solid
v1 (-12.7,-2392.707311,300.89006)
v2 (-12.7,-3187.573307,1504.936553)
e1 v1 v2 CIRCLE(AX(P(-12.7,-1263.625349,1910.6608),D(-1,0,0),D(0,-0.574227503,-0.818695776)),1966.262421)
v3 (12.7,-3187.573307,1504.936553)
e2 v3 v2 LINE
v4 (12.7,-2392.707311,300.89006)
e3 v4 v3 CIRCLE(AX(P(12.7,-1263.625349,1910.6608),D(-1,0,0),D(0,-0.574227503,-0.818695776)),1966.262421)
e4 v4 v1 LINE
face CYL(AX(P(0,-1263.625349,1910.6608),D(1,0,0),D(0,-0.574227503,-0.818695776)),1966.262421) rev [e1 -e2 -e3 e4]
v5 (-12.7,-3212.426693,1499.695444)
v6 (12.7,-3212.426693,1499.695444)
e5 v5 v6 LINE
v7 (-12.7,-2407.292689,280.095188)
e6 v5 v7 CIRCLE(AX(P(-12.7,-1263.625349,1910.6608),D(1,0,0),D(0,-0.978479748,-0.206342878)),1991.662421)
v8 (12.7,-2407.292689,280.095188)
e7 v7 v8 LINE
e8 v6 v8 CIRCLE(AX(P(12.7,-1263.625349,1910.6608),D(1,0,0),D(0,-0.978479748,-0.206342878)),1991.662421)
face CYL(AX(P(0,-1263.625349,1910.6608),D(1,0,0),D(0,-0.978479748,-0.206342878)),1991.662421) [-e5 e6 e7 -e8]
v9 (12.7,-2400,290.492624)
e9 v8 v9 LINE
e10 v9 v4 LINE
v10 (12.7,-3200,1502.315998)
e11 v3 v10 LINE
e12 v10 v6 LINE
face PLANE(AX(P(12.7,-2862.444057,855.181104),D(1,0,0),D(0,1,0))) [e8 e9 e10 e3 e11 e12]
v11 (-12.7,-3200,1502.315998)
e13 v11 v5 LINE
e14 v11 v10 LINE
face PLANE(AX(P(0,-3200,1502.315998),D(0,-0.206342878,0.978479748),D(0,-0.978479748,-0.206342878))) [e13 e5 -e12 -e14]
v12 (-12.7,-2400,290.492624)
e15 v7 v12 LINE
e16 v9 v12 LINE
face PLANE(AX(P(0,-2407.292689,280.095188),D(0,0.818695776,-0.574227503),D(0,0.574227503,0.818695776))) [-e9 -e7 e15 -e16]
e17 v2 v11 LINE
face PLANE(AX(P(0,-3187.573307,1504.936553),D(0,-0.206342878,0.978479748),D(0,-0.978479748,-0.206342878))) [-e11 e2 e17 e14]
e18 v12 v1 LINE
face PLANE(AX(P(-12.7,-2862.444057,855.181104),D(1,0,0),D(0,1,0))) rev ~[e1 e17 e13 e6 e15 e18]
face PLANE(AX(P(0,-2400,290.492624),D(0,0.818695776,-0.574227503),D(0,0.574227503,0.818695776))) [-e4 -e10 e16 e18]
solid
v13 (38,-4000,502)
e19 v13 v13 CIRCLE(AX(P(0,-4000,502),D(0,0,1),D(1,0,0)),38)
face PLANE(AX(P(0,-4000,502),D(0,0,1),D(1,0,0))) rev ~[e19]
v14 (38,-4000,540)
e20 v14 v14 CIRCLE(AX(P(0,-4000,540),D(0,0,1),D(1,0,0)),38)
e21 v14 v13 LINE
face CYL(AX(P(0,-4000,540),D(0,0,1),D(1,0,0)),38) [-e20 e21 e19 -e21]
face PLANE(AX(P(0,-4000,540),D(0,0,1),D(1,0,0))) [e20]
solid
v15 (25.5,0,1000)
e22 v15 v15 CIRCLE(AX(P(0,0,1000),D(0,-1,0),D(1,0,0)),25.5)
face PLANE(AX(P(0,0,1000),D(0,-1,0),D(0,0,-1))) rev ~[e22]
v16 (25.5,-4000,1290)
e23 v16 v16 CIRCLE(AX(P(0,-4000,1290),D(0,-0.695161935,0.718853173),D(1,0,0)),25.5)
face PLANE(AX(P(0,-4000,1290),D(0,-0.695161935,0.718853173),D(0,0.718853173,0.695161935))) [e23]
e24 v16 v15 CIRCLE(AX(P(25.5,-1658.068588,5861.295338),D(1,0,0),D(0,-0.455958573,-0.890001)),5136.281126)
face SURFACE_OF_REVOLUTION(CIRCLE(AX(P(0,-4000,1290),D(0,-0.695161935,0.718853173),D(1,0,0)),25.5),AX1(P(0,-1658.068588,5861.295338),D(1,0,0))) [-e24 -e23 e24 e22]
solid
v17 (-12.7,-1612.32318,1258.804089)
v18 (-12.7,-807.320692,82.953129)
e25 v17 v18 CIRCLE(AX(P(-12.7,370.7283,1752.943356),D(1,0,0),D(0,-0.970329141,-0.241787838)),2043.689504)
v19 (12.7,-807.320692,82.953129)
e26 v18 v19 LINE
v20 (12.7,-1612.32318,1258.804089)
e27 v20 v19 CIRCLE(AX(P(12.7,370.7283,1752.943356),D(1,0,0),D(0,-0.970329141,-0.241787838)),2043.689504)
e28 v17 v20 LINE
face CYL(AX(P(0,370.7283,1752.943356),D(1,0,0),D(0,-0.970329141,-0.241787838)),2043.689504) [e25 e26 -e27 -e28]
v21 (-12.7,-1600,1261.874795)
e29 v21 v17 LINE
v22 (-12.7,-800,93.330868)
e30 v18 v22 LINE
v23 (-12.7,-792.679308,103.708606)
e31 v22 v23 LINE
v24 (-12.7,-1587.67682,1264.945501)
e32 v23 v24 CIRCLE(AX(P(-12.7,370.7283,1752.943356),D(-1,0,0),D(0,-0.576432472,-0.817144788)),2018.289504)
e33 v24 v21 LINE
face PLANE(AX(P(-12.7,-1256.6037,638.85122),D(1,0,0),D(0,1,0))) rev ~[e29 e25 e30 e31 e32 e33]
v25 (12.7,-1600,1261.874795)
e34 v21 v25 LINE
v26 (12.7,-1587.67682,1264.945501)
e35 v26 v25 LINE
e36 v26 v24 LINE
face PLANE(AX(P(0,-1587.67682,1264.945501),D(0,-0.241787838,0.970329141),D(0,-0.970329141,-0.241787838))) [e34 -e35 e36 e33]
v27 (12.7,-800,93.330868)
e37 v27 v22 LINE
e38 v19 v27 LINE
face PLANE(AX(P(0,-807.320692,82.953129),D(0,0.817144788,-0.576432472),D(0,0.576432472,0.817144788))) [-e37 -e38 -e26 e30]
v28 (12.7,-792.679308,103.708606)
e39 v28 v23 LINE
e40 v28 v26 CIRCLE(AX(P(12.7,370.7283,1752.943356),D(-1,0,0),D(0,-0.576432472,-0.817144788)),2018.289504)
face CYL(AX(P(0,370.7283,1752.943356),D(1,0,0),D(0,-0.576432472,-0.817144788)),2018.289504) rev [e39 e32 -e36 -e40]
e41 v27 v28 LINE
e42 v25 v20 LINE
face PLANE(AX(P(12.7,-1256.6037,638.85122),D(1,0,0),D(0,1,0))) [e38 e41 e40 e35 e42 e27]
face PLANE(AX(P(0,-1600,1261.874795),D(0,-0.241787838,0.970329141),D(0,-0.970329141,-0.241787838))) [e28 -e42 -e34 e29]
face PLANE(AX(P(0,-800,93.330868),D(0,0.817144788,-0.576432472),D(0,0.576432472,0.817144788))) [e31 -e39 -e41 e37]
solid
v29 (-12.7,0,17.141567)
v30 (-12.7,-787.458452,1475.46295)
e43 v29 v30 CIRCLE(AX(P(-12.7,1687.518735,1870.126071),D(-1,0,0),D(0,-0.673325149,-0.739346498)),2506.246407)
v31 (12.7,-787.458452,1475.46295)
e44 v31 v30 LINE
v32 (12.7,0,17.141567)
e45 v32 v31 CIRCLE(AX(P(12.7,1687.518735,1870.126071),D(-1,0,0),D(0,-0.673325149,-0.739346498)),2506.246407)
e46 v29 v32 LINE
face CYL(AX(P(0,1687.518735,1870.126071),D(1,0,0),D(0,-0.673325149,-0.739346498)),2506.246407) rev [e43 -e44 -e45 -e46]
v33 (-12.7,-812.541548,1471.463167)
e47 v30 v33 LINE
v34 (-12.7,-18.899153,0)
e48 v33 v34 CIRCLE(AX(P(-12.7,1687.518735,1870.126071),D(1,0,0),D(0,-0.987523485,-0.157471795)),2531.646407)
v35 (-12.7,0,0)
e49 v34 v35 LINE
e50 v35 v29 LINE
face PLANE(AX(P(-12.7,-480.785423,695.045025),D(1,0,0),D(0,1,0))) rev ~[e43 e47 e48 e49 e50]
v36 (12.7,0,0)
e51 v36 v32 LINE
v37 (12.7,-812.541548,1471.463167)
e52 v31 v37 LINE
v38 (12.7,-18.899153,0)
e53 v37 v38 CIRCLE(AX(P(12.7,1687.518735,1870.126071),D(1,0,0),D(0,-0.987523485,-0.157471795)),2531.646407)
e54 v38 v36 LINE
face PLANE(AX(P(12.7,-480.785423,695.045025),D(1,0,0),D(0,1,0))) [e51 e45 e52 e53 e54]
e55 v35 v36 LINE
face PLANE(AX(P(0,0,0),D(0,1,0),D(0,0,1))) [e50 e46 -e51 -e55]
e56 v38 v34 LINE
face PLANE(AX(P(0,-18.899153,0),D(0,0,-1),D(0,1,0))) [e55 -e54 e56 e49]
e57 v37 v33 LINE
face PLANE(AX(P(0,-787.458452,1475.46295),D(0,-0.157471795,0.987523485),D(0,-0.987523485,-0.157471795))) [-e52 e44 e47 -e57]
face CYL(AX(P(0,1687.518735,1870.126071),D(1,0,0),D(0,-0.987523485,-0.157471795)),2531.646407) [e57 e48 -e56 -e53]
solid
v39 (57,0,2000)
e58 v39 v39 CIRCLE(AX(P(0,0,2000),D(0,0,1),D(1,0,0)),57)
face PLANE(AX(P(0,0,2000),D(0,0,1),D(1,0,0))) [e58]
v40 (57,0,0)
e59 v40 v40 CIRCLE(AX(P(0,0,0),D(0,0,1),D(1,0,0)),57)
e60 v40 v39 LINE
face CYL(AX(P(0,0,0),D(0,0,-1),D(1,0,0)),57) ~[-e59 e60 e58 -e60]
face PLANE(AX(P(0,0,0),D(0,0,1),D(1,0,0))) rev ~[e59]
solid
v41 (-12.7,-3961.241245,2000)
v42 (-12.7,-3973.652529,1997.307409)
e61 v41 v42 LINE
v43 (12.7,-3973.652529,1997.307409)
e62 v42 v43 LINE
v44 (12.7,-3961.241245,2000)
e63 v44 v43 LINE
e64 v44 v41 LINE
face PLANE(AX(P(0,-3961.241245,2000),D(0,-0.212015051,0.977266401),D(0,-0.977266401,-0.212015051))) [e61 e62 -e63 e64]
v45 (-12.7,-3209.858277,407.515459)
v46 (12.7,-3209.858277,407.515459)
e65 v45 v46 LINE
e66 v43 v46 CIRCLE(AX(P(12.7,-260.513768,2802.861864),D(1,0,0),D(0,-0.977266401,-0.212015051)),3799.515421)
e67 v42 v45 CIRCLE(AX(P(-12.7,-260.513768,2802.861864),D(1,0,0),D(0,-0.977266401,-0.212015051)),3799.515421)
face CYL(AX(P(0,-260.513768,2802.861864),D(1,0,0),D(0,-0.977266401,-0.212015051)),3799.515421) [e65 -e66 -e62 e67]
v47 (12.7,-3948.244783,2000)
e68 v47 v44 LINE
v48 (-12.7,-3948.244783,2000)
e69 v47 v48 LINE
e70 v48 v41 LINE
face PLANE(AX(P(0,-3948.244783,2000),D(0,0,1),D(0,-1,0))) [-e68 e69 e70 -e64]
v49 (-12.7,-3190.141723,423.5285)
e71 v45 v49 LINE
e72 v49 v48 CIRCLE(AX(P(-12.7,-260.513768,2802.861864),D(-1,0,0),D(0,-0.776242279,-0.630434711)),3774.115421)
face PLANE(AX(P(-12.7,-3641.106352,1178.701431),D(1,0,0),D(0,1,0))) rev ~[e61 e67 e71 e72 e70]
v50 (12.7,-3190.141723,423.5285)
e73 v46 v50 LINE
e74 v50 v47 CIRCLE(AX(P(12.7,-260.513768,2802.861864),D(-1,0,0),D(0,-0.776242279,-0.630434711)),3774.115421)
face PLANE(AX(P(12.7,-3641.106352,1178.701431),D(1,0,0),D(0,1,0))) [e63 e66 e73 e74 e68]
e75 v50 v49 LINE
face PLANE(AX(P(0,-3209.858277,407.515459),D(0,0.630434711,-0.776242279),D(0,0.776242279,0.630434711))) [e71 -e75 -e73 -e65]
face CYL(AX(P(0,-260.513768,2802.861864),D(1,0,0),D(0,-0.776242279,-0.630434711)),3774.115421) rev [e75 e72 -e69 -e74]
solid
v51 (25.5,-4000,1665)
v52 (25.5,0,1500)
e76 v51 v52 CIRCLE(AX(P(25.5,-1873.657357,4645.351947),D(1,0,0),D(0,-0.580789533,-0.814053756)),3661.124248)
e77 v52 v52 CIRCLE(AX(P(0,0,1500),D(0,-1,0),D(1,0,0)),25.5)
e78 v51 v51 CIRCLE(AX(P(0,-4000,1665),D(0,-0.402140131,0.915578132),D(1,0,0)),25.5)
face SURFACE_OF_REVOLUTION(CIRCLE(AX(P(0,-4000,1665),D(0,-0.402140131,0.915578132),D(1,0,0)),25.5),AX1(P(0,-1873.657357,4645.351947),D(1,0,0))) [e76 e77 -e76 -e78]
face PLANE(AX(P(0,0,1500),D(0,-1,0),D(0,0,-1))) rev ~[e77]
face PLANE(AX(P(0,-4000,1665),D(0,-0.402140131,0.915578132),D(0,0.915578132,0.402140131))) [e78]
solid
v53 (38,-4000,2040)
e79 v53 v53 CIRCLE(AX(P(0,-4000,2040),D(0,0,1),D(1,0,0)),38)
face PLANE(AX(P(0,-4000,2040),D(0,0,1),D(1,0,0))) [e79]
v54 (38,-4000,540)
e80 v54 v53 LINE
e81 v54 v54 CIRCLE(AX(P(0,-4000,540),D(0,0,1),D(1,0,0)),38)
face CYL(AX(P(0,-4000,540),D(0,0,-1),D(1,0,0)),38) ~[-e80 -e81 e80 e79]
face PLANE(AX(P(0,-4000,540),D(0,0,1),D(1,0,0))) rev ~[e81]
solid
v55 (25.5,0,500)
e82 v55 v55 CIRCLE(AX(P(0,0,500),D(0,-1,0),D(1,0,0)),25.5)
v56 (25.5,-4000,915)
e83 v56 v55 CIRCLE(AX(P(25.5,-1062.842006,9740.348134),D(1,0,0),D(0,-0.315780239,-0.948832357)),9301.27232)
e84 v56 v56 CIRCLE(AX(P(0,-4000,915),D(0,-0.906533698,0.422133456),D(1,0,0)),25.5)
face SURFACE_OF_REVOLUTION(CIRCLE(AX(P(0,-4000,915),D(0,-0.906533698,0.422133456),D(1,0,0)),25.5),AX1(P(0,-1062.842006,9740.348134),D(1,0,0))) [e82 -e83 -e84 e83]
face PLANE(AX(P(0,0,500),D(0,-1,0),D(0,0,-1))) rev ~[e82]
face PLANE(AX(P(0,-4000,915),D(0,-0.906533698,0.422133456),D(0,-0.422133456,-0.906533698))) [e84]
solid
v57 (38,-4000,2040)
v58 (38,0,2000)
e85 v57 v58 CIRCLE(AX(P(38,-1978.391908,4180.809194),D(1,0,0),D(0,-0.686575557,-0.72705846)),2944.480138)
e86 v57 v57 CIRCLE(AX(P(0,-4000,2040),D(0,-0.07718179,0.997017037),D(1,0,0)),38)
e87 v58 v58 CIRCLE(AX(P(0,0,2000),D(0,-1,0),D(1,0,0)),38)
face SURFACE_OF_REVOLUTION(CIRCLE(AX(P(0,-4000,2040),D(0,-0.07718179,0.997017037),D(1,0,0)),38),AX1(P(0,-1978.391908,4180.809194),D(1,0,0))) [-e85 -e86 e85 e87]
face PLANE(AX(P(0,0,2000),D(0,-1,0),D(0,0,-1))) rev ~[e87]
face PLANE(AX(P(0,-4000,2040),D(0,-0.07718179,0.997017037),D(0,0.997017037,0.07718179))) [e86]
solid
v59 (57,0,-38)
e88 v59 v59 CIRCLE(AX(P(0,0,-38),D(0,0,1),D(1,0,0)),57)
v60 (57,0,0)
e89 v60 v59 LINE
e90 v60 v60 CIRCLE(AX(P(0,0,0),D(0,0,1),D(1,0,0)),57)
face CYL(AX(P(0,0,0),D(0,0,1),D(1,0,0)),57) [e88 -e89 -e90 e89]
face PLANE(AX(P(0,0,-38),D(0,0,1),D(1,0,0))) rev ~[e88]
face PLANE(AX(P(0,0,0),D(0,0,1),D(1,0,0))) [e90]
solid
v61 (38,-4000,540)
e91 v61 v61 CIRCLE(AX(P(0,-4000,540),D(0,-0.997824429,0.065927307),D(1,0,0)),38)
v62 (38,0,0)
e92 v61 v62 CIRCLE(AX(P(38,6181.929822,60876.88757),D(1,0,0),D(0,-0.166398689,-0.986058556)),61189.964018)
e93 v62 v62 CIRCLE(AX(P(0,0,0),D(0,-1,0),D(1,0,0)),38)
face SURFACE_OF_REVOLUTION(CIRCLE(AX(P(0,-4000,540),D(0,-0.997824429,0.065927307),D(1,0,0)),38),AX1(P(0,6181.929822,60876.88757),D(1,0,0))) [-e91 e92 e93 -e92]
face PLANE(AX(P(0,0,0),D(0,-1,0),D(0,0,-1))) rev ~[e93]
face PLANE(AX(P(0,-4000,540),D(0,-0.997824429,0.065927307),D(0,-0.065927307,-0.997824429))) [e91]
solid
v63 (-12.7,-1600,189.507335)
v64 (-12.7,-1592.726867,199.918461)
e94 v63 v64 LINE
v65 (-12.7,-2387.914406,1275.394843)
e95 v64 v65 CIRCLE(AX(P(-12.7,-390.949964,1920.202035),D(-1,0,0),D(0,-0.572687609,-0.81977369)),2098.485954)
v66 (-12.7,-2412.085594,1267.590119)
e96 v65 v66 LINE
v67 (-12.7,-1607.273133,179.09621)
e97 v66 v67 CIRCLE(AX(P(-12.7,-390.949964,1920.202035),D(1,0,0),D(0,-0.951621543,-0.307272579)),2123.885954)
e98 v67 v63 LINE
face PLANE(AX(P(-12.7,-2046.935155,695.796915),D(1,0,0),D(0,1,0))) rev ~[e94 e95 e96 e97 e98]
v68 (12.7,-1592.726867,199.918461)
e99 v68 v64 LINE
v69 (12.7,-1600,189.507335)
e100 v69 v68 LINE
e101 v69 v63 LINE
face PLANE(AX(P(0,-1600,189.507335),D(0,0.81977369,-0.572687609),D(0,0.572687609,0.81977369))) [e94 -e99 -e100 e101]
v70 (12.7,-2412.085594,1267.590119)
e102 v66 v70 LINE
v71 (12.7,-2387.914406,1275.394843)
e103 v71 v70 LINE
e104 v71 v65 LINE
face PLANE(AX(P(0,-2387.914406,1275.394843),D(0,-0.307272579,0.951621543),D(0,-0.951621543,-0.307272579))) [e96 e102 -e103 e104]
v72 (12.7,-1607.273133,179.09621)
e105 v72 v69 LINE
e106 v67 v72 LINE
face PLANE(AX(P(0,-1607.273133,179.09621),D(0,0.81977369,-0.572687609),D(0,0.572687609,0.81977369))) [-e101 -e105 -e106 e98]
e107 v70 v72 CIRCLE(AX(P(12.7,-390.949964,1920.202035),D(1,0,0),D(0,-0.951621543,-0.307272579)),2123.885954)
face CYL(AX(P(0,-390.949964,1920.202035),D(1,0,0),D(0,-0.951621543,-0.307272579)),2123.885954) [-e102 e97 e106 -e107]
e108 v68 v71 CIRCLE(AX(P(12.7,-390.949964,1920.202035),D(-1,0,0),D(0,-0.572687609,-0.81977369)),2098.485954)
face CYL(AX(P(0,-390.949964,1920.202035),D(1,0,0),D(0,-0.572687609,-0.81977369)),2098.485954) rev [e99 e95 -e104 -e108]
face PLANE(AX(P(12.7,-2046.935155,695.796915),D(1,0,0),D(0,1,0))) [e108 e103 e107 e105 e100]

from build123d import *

# Parameters (mm, degrees)
F1_R      = 38
F1_R_2    = 25.5
F7_R      = 57
F8_DEPTH  = 2000
F10_R     = 38
F11_DEPTH = 1500
F12_DEPTH = 38
F13_DEPTH = 38
F15_DEPTH = 12.7


with BuildPart() as f2:
    # F2: sweep along a path in F0
    with BuildLine(Plane.YZ) as f2_path:
        ThreePointArc((-4000.0000000001, 539.9999999992), (-2004.4537270487, 237.0094292688), (0, -8e-10))
    # F1 (on Front) → F2 (sweep)
    with BuildSketch(Plane.XZ):
        Circle(F1_R)
    sweep(path=f2_path.line)


with BuildPart() as f3:
    # F3: sweep along a path in F0
    with BuildLine(Plane.YZ) as f3_path:
        ThreePointArc((-4000, 915), (-2022.6968678008, 488.7350091485), (0, 500))
    # F1 (on Front) → F3 (sweep)
    with BuildSketch(Plane.XZ):
        with Locations((0, 500)):
            Circle(F1_R_2)
    sweep(path=f3_path.line)


with BuildPart() as f4:
    # F4: sweep along a path in F0
    with BuildLine(Plane.YZ) as f4_path:
        ThreePointArc((-4000, 1290), (-2029.4741486898, 738.4600180717), (0, 1000))
    # F1 (on Front) → F4 (sweep)
    with BuildSketch(Plane.XZ):
        with Locations((0, 1000)):
            Circle(F1_R_2)
    sweep(path=f4_path.line)


with BuildPart() as f5:
    # F5: sweep along a path in F0
    with BuildLine(Plane.YZ) as f5_path:
        ThreePointArc((-4000, 1665), (-2024.5504100221, 987.3385449181), (0, 1500))
    # F1 (on Front) → F5 (sweep)
    with BuildSketch(Plane.XZ):
        with Locations((0, 1500)):
            Circle(F1_R_2)
    sweep(path=f5_path.line)


with BuildPart() as f6:
    # F6: sweep along a path in F0
    with BuildLine(Plane.YZ) as f6_path:
        ThreePointArc((-4000, 2040), (-2007.8352373103, 1236.4762689678), (0, 2000))
    # F1 (on Front) → F6 (sweep)
    with BuildSketch(Plane.XZ):
        with Locations((0, 2000)):
            Circle(F1_R)
    sweep(path=f6_path.line)


with BuildPart() as f8:
    # F7 (on Top) → F8 (new body)
    with BuildSketch(Plane.XY):
        Circle(F7_R)
    extrude(amount=F8_DEPTH)


with BuildPart() as f11:
    # F10 (on offset) → F11 (new body)
    with BuildSketch(Plane.XY.offset(540)):
        with Locations((0, -4000)):
            Circle(F10_R)
    extrude(amount=F11_DEPTH)


with BuildPart() as f12:
    # F12 (new): a face of the model
    f12_faces = [f11.part.faces().sort_by_distance(p)[0] for p in [
        (0, -4000, 540),
    ]]
    extrude(f12_faces, amount=F12_DEPTH)


with BuildPart() as f13:
    # F13 (new): a face of the model
    f13_faces = [f8.part.faces().sort_by_distance(p)[0] for p in [
        (0, 0, 0),
    ]]
    extrude(f13_faces, amount=F13_DEPTH)


with BuildPart() as f15:
    # F14 (on Right) → F15 (new body, symmetric)
    with BuildSketch(Plane.YZ):
        with BuildLine():
            Line((-18.8991533613, 0), (0, 0))
            ThreePointArc((0, 0), (-526.1903278954, 668.2179267157), (-800, 1473.4630584717))
            Line((-800, 1473.4630584717), (-812.5415482615, 1471.4631666737))
            ThreePointArc((-812.5415482615, 1471.4631666737), (-540.690324941, 668.3282858537), (-18.8991533613, 0))
        make_face()
        with BuildLine():
            ThreePointArc((-800, 1473.4630584717), (-526.1903278954, 668.2179267157), (0, 0))
            Line((0, 0), (0, 17.1415668308))
            ThreePointArc((0, 17.1415668308), (-517.7631945886, 679.3269003885), (-787.4584517385, 1475.4629502697))
            Line((-787.4584517385, 1475.4629502697), (-800, 1473.4630584717))
        make_face()
    extrude(amount=F15_DEPTH, both=True)


with BuildPart() as f15b:
    # F14 (on Right) → F15, piece 2 (new body, symmetric)
    with BuildSketch(Plane.YZ):
        with BuildLine():
            Line((-1587.6768199124, 1264.9455005026), (-1600, 1261.87479496))
            ThreePointArc((-1600, 1261.87479496), (-1305.1479245267, 605.6172279512), (-800, 93.3308675885))
            Line((-800, 93.3308675885), (-792.6793076065, 103.708606402))
            ThreePointArc((-792.6793076065, 103.708606402), (-1294.6684867881, 612.7915839976), (-1587.6768199124, 1264.9455005026))
        make_face()
        with BuildLine():
            ThreePointArc((-800, 93.3308675885), (-1305.1479245267, 605.6172279512), (-1600, 1261.87479496))
            Line((-1600, 1261.87479496), (-1612.3231800876, 1258.8040894175))
            ThreePointArc((-1612.3231800876, 1258.8040894175), (-1315.6273622654, 598.4428719047), (-807.3206923935, 82.9531287751))
            Line((-807.3206923935, 82.9531287751), (-800, 93.3308675885))
        make_face()
    extrude(amount=F15_DEPTH, both=True)


with BuildPart() as f15c:
    # F14 (on Right) → F15, piece 3 (new body, symmetric)
    with BuildSketch(Plane.YZ):
        with BuildLine():
            Line((-2387.9144063981, 1275.3948429896), (-2400, 1271.4924812317))
            ThreePointArc((-2400, 1271.4924812317), (-2088.5114451536, 665.0561668892), (-1600, 189.5073354244))
            Line((-1600, 189.5073354244), (-1592.7268673664, 199.9184612855))
            ThreePointArc((-1592.7268673664, 199.9184612855), (-2078.299634692, 672.6065925128), (-2387.9144063981, 1275.3948429896))
        make_face()
        with BuildLine():
            ThreePointArc((-1600, 189.5073354244), (-2088.5114451536, 665.0561668892), (-2400, 1271.4924812317))
            Line((-2400, 1271.4924812317), (-2412.0855936019, 1267.5901194738))
            ThreePointArc((-2412.0855936019, 1267.5901194738), (-2098.7232556151, 657.5057412656), (-1607.2731326336, 179.0962095634))
            Line((-1607.2731326336, 179.0962095634), (-1600, 189.5073354244))
        make_face()
    extrude(amount=F15_DEPTH, both=True)


with BuildPart() as f15d:
    # F14 (on Right) → F15, piece 4 (new body, symmetric)
    with BuildSketch(Plane.YZ):
        with BuildLine():
            Line((-3187.5733072045, 1504.9365526305), (-3200, 1502.3159980774))
            ThreePointArc((-3200, 1502.3159980774), (-2915.1628268654, 820.378164457), (-2400, 290.4926240444))
            Line((-2400, 290.4926240444), (-2392.707310706, 300.8900604045))
            ThreePointArc((-2392.707310706, 300.8900604045), (-2904.5640778752, 827.3750580422), (-3187.5733072045, 1504.9365526305))
        make_face()
        with BuildLine():
            ThreePointArc((-2400, 290.4926240444), (-2915.1628268654, 820.378164457), (-3200, 1502.3159980774))
            Line((-3200, 1502.3159980774), (-3212.4266927955, 1499.6954435242))
            ThreePointArc((-3212.4266927955, 1499.6954435242), (-2925.7615758556, 813.3812708718), (-2407.292689294, 280.0951876844))
            Line((-2407.292689294, 280.0951876844), (-2400, 290.4926240444))
        make_face()
    extrude(amount=F15_DEPTH, both=True)


with BuildPart() as f15e:
    # F14 (on Right) → F15, piece 5 (new body, symmetric)
    with BuildSketch(Plane.YZ):
        with BuildLine():
            ThreePointArc((-3200, 415.521979332), (-3673.8335853683, 1162.9780700541), (-3961.2412452698, 2000))
            Line((-3961.2412452698, 2000), (-3973.6525285603, 1997.3074088536))
            ThreePointArc((-3973.6525285603, 1997.3074088536), (-3685.2809776648, 1157.4783237318), (-3209.8582769412, 407.5154585051))
            Line((-3209.8582769412, 407.5154585051), (-3200, 415.521979332))
        make_face()
        with BuildLine():
            ThreePointArc((-3190.1417230588, 423.5285001589), (-3661.7893422817, 1167.2360879179), (-3948.2447830445, 2000))
            Line((-3948.2447830445, 2000), (-3961.2412452698, 2000))
            ThreePointArc((-3961.2412452698, 2000), (-3673.8335853683, 1162.9780700541), (-3200, 415.521979332))
            Line((-3200, 415.521979332), (-3190.1417230588, 423.5285001589))
        make_face()
    extrude(amount=F15_DEPTH, both=True)


solid = Compound([f2.part, f3.part, f4.part, f5.part, f6.part, f8.part, f11.part, f12.part, f13.part, f15.part, f15b.part, f15c.part, f15d.part, f15e.part])
